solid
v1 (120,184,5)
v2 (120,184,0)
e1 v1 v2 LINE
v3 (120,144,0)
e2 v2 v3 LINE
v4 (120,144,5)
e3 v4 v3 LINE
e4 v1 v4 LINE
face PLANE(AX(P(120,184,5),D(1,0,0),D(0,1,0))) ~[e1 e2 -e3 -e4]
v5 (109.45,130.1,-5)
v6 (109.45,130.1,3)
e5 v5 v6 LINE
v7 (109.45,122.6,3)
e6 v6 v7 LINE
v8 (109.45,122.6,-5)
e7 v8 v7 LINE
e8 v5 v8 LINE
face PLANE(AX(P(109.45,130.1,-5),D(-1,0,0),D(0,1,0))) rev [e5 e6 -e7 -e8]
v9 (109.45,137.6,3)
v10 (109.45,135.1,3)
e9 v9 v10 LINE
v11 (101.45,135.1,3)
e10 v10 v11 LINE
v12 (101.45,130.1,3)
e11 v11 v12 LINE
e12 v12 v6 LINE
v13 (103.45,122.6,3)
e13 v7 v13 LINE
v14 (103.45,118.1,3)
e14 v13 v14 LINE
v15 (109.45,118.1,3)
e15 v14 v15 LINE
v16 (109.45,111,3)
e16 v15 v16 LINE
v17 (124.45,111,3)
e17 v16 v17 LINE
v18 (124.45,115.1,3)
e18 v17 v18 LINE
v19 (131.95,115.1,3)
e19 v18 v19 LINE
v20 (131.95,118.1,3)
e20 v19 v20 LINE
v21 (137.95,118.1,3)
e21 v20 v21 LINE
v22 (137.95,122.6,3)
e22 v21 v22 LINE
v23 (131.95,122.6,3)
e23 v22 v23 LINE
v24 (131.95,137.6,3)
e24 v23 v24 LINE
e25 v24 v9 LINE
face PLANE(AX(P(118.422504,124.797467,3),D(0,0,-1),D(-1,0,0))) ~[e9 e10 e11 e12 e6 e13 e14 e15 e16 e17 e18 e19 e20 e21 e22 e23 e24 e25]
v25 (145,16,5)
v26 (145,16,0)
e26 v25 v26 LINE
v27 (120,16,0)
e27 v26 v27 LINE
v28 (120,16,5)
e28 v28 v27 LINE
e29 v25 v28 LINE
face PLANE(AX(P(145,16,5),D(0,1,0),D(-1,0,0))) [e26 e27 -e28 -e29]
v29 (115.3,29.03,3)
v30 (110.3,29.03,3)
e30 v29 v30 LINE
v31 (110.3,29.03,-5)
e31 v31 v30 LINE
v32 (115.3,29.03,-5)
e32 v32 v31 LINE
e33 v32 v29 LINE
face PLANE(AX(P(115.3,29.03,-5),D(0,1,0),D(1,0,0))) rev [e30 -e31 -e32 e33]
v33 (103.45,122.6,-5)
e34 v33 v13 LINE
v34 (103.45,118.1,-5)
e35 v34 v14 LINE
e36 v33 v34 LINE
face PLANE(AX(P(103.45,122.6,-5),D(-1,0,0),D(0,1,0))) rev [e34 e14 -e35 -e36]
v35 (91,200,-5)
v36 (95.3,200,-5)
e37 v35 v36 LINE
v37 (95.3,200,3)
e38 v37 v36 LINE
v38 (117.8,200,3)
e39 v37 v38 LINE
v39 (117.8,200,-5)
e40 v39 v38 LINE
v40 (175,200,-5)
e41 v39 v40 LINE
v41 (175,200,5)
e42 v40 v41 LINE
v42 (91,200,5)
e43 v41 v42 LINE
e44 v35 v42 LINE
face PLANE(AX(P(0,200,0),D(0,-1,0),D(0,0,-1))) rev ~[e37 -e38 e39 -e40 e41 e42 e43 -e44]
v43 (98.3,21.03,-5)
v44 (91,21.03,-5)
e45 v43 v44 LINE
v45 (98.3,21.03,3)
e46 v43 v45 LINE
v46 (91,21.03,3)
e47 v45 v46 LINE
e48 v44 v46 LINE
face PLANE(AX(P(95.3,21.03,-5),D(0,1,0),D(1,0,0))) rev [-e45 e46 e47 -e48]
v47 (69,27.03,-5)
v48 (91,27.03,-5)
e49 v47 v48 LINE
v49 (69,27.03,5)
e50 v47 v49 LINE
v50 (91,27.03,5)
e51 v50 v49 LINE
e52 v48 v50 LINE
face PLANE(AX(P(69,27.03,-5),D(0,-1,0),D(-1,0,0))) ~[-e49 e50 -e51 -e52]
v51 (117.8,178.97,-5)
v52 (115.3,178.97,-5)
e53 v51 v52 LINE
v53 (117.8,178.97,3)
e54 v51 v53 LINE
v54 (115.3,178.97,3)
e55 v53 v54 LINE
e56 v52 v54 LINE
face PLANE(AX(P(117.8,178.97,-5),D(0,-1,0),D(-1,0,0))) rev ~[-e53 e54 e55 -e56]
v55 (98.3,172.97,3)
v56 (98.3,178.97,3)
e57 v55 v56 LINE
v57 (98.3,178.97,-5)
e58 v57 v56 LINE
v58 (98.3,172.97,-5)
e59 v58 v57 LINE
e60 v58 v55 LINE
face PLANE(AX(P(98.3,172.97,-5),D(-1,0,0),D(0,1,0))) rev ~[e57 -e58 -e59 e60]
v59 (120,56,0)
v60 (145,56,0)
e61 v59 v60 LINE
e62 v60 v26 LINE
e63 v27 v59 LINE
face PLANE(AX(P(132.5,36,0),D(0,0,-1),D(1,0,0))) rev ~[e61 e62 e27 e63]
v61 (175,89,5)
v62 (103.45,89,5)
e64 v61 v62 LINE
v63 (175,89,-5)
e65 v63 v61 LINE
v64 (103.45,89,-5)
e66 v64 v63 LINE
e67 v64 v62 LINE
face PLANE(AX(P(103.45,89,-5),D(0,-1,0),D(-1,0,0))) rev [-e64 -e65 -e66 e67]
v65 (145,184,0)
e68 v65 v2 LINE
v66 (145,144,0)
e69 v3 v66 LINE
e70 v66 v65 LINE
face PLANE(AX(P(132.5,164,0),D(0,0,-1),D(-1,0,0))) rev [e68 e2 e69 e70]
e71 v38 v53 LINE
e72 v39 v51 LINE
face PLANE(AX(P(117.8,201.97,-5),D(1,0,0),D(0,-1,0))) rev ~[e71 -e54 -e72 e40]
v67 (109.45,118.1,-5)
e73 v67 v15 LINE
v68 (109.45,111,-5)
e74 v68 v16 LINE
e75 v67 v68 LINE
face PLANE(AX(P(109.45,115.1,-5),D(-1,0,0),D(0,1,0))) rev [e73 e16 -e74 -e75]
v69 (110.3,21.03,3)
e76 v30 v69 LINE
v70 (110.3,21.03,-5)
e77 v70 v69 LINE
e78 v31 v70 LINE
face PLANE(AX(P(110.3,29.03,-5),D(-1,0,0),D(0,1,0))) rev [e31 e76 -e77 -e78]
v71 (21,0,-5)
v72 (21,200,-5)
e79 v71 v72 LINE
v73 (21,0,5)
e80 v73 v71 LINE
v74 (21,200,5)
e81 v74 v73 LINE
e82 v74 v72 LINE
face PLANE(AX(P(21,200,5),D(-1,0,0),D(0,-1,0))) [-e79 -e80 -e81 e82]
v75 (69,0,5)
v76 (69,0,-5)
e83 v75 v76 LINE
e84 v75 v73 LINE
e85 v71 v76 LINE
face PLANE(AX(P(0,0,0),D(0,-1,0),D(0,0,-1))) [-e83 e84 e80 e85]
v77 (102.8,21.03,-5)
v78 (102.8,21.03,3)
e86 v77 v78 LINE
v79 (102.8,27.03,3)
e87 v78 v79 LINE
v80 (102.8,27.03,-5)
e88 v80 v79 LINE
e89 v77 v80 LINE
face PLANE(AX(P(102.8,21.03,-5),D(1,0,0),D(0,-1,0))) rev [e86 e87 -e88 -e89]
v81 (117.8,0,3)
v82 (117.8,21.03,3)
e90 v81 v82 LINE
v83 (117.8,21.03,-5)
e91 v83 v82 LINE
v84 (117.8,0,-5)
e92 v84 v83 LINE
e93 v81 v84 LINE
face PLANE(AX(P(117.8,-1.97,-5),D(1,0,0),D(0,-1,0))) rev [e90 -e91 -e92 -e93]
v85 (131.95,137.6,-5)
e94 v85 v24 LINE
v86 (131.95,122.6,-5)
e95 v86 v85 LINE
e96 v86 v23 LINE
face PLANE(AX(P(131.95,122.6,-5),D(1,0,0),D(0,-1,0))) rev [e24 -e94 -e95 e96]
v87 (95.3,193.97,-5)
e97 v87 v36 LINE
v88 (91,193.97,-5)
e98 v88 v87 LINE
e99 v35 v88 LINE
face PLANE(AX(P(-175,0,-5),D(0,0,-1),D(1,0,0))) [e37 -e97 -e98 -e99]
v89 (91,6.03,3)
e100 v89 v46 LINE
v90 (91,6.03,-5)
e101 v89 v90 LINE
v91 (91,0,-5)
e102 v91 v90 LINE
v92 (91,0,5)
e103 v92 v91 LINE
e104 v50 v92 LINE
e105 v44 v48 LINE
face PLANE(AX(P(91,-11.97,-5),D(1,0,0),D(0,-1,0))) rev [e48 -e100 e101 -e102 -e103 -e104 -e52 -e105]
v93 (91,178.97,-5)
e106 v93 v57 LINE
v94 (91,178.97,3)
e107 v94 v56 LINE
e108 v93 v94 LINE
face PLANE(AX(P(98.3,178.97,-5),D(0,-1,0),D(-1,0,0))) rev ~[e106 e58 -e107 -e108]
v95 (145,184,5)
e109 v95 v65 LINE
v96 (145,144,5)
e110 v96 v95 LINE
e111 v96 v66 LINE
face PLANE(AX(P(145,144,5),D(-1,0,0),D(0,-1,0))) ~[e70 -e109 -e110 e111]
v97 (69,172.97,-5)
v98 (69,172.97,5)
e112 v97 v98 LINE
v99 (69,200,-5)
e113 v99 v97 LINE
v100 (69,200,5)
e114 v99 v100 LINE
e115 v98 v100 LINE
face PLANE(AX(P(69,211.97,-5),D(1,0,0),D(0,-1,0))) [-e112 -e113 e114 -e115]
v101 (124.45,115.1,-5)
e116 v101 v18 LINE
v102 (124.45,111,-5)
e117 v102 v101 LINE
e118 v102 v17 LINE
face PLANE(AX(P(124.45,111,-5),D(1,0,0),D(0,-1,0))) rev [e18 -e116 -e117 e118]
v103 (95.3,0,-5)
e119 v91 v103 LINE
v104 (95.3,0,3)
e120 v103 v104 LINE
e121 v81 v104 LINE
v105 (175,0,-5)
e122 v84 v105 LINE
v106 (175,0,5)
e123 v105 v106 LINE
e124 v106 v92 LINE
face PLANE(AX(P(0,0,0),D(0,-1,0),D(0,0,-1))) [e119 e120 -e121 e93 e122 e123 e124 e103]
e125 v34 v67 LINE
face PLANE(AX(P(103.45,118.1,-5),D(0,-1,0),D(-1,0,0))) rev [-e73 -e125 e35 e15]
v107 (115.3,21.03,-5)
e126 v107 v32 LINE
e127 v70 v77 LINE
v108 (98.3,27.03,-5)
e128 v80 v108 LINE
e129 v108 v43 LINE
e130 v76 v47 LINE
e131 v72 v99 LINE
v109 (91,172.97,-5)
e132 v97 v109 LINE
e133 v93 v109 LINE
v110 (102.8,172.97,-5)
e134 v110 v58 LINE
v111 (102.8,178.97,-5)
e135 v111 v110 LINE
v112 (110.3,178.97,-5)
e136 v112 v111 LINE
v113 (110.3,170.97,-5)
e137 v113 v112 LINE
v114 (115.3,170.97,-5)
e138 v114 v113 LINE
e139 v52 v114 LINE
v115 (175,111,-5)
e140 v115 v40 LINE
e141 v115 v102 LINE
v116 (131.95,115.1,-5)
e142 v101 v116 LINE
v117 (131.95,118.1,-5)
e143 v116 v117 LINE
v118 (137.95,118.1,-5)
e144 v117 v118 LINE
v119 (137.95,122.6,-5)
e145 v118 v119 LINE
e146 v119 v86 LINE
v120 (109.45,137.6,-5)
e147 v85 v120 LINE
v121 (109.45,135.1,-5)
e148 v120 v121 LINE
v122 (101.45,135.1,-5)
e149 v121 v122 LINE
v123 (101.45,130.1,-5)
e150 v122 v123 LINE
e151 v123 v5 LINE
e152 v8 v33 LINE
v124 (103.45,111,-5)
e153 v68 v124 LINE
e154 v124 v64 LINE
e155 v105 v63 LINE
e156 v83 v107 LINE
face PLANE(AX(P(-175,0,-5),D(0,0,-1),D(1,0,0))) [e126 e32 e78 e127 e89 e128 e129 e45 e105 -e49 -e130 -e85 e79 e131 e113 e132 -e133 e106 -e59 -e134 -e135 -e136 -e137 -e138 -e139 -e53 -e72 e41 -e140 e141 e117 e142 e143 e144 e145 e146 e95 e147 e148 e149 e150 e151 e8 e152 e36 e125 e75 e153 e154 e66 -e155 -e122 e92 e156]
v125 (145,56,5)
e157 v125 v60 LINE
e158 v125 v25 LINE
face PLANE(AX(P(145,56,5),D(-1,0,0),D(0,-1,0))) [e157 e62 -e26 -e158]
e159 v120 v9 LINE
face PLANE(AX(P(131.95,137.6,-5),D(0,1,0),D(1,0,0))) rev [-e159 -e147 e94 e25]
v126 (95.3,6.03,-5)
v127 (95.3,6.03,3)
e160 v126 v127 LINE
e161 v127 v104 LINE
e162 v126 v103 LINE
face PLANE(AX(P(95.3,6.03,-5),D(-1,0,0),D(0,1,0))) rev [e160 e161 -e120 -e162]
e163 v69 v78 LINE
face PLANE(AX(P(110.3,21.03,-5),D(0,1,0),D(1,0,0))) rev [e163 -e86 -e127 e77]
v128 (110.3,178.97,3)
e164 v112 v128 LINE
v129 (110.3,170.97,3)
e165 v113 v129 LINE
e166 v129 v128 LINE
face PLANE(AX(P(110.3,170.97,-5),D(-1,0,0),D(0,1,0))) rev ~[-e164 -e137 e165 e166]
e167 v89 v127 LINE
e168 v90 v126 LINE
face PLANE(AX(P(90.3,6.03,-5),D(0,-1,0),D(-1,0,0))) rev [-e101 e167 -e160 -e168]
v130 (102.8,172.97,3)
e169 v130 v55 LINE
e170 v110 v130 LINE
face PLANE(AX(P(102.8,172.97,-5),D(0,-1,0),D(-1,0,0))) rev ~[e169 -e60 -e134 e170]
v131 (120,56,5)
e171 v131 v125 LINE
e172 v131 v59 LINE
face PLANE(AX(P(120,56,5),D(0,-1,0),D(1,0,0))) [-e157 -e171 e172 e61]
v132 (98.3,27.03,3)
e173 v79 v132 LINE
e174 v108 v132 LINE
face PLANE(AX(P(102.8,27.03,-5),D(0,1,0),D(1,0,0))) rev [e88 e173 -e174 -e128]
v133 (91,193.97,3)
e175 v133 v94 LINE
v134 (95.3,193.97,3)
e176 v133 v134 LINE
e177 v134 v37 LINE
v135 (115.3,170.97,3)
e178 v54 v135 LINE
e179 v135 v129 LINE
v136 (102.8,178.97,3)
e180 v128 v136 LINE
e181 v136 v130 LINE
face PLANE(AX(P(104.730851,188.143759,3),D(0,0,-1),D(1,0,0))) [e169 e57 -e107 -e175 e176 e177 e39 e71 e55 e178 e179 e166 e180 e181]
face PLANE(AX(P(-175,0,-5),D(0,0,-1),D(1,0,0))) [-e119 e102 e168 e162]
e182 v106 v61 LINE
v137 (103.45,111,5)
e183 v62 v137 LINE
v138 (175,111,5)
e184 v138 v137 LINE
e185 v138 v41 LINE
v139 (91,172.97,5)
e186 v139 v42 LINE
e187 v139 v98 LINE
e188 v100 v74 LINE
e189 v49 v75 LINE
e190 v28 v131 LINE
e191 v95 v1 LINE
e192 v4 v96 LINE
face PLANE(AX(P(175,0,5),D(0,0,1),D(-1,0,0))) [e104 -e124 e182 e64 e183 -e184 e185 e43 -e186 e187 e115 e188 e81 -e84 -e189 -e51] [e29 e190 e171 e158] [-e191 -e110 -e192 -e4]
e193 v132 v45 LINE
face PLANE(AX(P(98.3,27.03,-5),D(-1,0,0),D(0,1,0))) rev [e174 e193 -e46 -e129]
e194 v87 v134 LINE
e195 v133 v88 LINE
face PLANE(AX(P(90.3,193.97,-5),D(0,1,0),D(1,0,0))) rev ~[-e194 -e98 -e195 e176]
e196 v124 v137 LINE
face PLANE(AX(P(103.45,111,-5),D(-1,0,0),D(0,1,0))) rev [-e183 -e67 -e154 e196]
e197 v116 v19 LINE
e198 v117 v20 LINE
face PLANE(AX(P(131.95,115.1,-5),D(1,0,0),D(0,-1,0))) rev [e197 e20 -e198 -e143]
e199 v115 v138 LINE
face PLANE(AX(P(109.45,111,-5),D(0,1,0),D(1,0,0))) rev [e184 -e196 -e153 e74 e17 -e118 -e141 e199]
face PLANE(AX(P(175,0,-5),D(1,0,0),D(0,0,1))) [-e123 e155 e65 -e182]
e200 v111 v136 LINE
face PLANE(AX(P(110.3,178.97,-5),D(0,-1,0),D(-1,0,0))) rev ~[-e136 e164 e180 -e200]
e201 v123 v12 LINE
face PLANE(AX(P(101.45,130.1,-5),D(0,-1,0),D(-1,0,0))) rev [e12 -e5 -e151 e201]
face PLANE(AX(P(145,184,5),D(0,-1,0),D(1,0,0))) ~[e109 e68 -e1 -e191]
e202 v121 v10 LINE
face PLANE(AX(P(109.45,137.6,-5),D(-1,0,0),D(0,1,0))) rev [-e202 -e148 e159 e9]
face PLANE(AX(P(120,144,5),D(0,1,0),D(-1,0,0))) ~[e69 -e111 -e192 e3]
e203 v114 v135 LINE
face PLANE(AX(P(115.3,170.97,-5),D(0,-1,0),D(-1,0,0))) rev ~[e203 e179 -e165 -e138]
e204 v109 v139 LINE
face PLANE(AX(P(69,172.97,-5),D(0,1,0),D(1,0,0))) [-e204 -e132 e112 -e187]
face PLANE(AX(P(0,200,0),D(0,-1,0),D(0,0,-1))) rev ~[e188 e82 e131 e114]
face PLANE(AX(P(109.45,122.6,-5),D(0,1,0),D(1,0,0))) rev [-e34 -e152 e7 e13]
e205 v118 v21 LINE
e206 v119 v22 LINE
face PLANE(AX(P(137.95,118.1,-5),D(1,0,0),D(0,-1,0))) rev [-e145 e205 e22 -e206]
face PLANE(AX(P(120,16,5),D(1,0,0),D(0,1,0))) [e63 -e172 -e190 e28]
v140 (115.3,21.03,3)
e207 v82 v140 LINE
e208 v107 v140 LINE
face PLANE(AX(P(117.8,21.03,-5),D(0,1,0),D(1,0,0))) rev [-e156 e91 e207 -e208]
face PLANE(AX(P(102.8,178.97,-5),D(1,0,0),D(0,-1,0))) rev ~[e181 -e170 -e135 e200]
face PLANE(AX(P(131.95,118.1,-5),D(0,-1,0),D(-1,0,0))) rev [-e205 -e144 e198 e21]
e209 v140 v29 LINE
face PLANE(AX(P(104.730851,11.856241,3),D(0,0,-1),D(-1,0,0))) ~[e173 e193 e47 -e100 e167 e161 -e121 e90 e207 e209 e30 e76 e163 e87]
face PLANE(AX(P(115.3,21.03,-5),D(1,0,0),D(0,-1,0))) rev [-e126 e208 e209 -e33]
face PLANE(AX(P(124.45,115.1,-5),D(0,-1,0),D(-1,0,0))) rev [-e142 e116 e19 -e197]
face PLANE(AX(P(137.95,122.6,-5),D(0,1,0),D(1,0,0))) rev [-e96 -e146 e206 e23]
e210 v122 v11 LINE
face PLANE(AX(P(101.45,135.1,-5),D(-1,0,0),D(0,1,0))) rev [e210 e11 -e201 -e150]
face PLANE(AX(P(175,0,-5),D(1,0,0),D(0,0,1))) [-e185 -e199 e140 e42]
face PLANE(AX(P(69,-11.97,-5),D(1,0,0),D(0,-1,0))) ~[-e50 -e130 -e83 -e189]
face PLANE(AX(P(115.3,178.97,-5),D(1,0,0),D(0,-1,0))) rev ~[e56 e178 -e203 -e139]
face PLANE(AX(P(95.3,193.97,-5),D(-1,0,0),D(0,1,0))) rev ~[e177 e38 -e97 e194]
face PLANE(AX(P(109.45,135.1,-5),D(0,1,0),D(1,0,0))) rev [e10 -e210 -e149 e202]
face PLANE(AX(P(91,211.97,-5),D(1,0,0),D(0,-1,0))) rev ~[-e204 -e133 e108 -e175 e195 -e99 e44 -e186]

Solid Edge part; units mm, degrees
sketch "Sketch1" plane through (0, 0, 0) normal (0, -1, 0) x (1, 0, 0)
  line L0 (-175, -5) -> (175, -5)
  line L1 (175, -5) -> (175, 5)
  line L2 (175, 5) -> (-175, 5)
  line L3 (-175, 5) -> (-175, -5)
  dimension "D1" = 350
  dimension "D2" = 10
extrude "Protrusion1" add sketch "Sketch1" against normal blind 200
sketch "Sketch2" plane through (0, 100, -5) normal (0, 0, -1) x (1, 0, 0)
  line L0 (-22.8, 78.97) -> (-22.8, 72.97)
  line L1 (-22.8, 72.97) -> (-18.3, 72.97)
  line L2 (-18.3, 72.97) -> (-18.3, 78.97)
  line L3 (-18.3, 78.97) -> (-15.3, 78.97)
  line L4 (-15.3, 78.97) -> (-10.3, 78.97)
  line L5 (-10.3, 78.97) -> (-10.3, 93.97)
  line L6 (-10.3, 93.97) -> (-15.3, 93.97)
  line L7 (-15.3, 93.97) -> (-15.3, 101.97)
  line L8 (-15.3, 101.97) -> (-18.3, 101.97)
  line L9 (-18.3, 101.97) -> (-18.3, 107.97)
  line L10 (-18.3, 107.97) -> (-22.8, 107.97)
  line L11 (-22.8, 107.97) -> (-22.8, 101.97)
  line L12 (-22.8, 101.97) -> (-37.8, 101.97)
  line L13 (-37.8, 101.97) -> (-37.8, 78.97)
  line L14 (-37.8, 78.97) -> (-35.3, 78.97)
  line L15 (-35.3, 78.97) -> (-35.3, 70.97)
  line L16 (-35.3, 70.97) -> (-30.3, 70.97)
  line L17 (-30.3, 70.97) -> (-30.3, 78.97)
  line L18 (-30.3, 78.97) -> (-22.8, 78.97)
  dimension "D1" = 23
  dimension "D2" = 6
  dimension "D3" = 3
  dimension "D4" = 5
  dimension "D5" = 22.5
  dimension "D6" = 15
  dimension "D7" = 1.97
  dimension "D8" = 10.3
  dimension "D9" = 15
  dimension "D10" = 8
  dimension "D11" = 5
  dimension "D12" = 2.5
extrude "Cutout1" cut sketch "Sketch2" against normal blind 8
sketch "Sketch3" plane through (0, 100, -5) normal (0, 0, -1) x (1, 0, 0)
  line L0 (11, 72.97) -> (-11, 72.97)
  line L1 (-11, 111.97) -> (-11, 72.97)
  line L2 (11, 111.97) -> (-11, 111.97)
  line L3 (11, 111.97) -> (11, 72.97)
  dimension "D1" = 22
  dimension "D2" = 0.7
  dimension "D3" = 39
  dimension "D4" = 6
extrude "Cutout2" cut sketch "Sketch3" against normal through all
mirror "Mirror1" about plane through (0, 100, 0) normal (0, -1, 0) of "Cutout1", "Cutout2"
mirror "Mirror2" about plane through (40, 0, 0) normal (1, 0, 0) of "Mirror1", "Cutout2", "Cutout1"
mirror "Mirror3" about plane through (-40, 0, 0) normal (1, 0, 0) of "Cutout2", "Cutout1", "Mirror1"
sketch "Sketch4" plane through (0, 100, -5) normal (0, 0, -1) x (0, -1, 0)
  line L0 (-22.6, 109.45) -> (-22.6, 103.45)
  line L1 (-22.6, 103.45) -> (-18.1, 103.45)
  line L2 (-18.1, 103.45) -> (-18.1, 109.45)
  line L3 (-18.1, 109.45) -> (-15.1, 109.45)
  line L4 (-15.1, 109.45) -> (-11, 109.45)
  line L5 (-11, 109.45) -> (-11, 124.45)
  line L6 (-11, 124.45) -> (-15.1, 124.45)
  line L7 (-15.1, 124.45) -> (-15.1, 131.95)
  line L8 (-15.1, 131.95) -> (-18.1, 131.95)
  line L9 (-18.1, 131.95) -> (-18.1, 137.95)
  line L10 (-18.1, 137.95) -> (-22.6, 137.95)
  line L11 (-22.6, 137.95) -> (-22.6, 131.95)
  line L12 (-22.6, 131.95) -> (-37.6, 131.95)
  line L13 (-37.6, 131.95) -> (-37.6, 109.45)
  line L14 (-37.6, 109.45) -> (-35.1, 109.45)
  line L15 (-35.1, 109.45) -> (-35.1, 101.45)
  line L16 (-35.1, 101.45) -> (-30.1, 101.45)
  line L17 (-30.1, 101.45) -> (-30.1, 109.45)
  line L18 (-30.1, 109.45) -> (-22.6, 109.45)
  dimension "D1" = 6
  dimension "D2" = 3
  dimension "D3" = 4.1
  dimension "D4" = 22.5
  dimension "D5" = 15
  dimension "D6" = 22.5
  dimension "D7" = 103.45
  dimension "D8" = 11
  dimension "D9" = 15
  dimension "D10" = 8
  dimension "D11" = 5
  dimension "D12" = 2.5
  dimension "D13" = 15
extrude "Cutout3" cut sketch "Sketch4" against normal up to vertex (8 mm away)
sketch "Sketch5" plane through (0, 100, -5) normal (0, 0, -1) x (0, -1, 0)
  line L0 (-11, 109.45) -> (-11, 103.45)
  line L1 (-11, 103.45) -> (11, 103.45)
  line L2 (11, 103.45) -> (11, 175)
  line L3 (11, 175) -> (-11, 175)
  line L4 (-11, 175) -> (-11, 109.45)
  dimension "D1" = 6
  dimension "D2" = 22
extrude "Cutout4" cut sketch "Sketch5" against normal through all
mirror "Mirror4" about plane through (0, 0, 0) normal (1, 0, 0) of "Cutout4", "Cutout3"
sketch "Sketch6" plane through (0, 100, -5) normal (0, 0, -1) x (1, 0, 0)
  circle A0 centre (-97.5, 62.5) radius 1.875
  circle A1 centre (-52.5, 62.5) radius 1.875
  circle A2 centre (-52.5, 0) radius 1.875
  circle A3 centre (-97.5, -62.5) radius 1.875
  circle A4 centre (-52.5, -62.5) radius 1.875
  dimension "D1" = 195
  dimension "D2" = 125
  dimension "D3" = 3.75
  dimension "D4" = 45
extrude "Cutout5" cut sketch "Sketch6" against normal blind 7
sketch "Sketch7" plane through (0, 100, 5) normal (0, 0, 1) x (1, 0, 0)
  line L0 (-120, 84) -> (-120, 44)
  line L1 (-120, 44) -> (-145, 44)
  line L2 (-145, 44) -> (-145, 84)
  line L3 (-145, 84) -> (-120, 84)
  dimension "D1" = 40
  dimension "D2" = 25
  dimension "D3" = 15
  dimension "D4" = 30
extrude "Cutout6" cut sketch "Sketch7" against normal blind 5
mirror "Mirror5" about plane through (0, 100, 0) normal (0, -1, 0) of "Cutout6"
mirror "Mirror6" about plane through (0, 0, 0) normal (1, 0, 0) of "Cutout6", "Mirror5"
sketch "Sketch8" plane through (0, 100, 5) normal (0, 0, 1) x (1, 0, 0)
  line L0 (21, 100) -> (21, -100)
  dimension "D1" = 10
extrude "Cutout7" cut sketch "Sketch8" against normal through all material side at (20.95, 100, 5)
properties material "Nylon, allgemein"
